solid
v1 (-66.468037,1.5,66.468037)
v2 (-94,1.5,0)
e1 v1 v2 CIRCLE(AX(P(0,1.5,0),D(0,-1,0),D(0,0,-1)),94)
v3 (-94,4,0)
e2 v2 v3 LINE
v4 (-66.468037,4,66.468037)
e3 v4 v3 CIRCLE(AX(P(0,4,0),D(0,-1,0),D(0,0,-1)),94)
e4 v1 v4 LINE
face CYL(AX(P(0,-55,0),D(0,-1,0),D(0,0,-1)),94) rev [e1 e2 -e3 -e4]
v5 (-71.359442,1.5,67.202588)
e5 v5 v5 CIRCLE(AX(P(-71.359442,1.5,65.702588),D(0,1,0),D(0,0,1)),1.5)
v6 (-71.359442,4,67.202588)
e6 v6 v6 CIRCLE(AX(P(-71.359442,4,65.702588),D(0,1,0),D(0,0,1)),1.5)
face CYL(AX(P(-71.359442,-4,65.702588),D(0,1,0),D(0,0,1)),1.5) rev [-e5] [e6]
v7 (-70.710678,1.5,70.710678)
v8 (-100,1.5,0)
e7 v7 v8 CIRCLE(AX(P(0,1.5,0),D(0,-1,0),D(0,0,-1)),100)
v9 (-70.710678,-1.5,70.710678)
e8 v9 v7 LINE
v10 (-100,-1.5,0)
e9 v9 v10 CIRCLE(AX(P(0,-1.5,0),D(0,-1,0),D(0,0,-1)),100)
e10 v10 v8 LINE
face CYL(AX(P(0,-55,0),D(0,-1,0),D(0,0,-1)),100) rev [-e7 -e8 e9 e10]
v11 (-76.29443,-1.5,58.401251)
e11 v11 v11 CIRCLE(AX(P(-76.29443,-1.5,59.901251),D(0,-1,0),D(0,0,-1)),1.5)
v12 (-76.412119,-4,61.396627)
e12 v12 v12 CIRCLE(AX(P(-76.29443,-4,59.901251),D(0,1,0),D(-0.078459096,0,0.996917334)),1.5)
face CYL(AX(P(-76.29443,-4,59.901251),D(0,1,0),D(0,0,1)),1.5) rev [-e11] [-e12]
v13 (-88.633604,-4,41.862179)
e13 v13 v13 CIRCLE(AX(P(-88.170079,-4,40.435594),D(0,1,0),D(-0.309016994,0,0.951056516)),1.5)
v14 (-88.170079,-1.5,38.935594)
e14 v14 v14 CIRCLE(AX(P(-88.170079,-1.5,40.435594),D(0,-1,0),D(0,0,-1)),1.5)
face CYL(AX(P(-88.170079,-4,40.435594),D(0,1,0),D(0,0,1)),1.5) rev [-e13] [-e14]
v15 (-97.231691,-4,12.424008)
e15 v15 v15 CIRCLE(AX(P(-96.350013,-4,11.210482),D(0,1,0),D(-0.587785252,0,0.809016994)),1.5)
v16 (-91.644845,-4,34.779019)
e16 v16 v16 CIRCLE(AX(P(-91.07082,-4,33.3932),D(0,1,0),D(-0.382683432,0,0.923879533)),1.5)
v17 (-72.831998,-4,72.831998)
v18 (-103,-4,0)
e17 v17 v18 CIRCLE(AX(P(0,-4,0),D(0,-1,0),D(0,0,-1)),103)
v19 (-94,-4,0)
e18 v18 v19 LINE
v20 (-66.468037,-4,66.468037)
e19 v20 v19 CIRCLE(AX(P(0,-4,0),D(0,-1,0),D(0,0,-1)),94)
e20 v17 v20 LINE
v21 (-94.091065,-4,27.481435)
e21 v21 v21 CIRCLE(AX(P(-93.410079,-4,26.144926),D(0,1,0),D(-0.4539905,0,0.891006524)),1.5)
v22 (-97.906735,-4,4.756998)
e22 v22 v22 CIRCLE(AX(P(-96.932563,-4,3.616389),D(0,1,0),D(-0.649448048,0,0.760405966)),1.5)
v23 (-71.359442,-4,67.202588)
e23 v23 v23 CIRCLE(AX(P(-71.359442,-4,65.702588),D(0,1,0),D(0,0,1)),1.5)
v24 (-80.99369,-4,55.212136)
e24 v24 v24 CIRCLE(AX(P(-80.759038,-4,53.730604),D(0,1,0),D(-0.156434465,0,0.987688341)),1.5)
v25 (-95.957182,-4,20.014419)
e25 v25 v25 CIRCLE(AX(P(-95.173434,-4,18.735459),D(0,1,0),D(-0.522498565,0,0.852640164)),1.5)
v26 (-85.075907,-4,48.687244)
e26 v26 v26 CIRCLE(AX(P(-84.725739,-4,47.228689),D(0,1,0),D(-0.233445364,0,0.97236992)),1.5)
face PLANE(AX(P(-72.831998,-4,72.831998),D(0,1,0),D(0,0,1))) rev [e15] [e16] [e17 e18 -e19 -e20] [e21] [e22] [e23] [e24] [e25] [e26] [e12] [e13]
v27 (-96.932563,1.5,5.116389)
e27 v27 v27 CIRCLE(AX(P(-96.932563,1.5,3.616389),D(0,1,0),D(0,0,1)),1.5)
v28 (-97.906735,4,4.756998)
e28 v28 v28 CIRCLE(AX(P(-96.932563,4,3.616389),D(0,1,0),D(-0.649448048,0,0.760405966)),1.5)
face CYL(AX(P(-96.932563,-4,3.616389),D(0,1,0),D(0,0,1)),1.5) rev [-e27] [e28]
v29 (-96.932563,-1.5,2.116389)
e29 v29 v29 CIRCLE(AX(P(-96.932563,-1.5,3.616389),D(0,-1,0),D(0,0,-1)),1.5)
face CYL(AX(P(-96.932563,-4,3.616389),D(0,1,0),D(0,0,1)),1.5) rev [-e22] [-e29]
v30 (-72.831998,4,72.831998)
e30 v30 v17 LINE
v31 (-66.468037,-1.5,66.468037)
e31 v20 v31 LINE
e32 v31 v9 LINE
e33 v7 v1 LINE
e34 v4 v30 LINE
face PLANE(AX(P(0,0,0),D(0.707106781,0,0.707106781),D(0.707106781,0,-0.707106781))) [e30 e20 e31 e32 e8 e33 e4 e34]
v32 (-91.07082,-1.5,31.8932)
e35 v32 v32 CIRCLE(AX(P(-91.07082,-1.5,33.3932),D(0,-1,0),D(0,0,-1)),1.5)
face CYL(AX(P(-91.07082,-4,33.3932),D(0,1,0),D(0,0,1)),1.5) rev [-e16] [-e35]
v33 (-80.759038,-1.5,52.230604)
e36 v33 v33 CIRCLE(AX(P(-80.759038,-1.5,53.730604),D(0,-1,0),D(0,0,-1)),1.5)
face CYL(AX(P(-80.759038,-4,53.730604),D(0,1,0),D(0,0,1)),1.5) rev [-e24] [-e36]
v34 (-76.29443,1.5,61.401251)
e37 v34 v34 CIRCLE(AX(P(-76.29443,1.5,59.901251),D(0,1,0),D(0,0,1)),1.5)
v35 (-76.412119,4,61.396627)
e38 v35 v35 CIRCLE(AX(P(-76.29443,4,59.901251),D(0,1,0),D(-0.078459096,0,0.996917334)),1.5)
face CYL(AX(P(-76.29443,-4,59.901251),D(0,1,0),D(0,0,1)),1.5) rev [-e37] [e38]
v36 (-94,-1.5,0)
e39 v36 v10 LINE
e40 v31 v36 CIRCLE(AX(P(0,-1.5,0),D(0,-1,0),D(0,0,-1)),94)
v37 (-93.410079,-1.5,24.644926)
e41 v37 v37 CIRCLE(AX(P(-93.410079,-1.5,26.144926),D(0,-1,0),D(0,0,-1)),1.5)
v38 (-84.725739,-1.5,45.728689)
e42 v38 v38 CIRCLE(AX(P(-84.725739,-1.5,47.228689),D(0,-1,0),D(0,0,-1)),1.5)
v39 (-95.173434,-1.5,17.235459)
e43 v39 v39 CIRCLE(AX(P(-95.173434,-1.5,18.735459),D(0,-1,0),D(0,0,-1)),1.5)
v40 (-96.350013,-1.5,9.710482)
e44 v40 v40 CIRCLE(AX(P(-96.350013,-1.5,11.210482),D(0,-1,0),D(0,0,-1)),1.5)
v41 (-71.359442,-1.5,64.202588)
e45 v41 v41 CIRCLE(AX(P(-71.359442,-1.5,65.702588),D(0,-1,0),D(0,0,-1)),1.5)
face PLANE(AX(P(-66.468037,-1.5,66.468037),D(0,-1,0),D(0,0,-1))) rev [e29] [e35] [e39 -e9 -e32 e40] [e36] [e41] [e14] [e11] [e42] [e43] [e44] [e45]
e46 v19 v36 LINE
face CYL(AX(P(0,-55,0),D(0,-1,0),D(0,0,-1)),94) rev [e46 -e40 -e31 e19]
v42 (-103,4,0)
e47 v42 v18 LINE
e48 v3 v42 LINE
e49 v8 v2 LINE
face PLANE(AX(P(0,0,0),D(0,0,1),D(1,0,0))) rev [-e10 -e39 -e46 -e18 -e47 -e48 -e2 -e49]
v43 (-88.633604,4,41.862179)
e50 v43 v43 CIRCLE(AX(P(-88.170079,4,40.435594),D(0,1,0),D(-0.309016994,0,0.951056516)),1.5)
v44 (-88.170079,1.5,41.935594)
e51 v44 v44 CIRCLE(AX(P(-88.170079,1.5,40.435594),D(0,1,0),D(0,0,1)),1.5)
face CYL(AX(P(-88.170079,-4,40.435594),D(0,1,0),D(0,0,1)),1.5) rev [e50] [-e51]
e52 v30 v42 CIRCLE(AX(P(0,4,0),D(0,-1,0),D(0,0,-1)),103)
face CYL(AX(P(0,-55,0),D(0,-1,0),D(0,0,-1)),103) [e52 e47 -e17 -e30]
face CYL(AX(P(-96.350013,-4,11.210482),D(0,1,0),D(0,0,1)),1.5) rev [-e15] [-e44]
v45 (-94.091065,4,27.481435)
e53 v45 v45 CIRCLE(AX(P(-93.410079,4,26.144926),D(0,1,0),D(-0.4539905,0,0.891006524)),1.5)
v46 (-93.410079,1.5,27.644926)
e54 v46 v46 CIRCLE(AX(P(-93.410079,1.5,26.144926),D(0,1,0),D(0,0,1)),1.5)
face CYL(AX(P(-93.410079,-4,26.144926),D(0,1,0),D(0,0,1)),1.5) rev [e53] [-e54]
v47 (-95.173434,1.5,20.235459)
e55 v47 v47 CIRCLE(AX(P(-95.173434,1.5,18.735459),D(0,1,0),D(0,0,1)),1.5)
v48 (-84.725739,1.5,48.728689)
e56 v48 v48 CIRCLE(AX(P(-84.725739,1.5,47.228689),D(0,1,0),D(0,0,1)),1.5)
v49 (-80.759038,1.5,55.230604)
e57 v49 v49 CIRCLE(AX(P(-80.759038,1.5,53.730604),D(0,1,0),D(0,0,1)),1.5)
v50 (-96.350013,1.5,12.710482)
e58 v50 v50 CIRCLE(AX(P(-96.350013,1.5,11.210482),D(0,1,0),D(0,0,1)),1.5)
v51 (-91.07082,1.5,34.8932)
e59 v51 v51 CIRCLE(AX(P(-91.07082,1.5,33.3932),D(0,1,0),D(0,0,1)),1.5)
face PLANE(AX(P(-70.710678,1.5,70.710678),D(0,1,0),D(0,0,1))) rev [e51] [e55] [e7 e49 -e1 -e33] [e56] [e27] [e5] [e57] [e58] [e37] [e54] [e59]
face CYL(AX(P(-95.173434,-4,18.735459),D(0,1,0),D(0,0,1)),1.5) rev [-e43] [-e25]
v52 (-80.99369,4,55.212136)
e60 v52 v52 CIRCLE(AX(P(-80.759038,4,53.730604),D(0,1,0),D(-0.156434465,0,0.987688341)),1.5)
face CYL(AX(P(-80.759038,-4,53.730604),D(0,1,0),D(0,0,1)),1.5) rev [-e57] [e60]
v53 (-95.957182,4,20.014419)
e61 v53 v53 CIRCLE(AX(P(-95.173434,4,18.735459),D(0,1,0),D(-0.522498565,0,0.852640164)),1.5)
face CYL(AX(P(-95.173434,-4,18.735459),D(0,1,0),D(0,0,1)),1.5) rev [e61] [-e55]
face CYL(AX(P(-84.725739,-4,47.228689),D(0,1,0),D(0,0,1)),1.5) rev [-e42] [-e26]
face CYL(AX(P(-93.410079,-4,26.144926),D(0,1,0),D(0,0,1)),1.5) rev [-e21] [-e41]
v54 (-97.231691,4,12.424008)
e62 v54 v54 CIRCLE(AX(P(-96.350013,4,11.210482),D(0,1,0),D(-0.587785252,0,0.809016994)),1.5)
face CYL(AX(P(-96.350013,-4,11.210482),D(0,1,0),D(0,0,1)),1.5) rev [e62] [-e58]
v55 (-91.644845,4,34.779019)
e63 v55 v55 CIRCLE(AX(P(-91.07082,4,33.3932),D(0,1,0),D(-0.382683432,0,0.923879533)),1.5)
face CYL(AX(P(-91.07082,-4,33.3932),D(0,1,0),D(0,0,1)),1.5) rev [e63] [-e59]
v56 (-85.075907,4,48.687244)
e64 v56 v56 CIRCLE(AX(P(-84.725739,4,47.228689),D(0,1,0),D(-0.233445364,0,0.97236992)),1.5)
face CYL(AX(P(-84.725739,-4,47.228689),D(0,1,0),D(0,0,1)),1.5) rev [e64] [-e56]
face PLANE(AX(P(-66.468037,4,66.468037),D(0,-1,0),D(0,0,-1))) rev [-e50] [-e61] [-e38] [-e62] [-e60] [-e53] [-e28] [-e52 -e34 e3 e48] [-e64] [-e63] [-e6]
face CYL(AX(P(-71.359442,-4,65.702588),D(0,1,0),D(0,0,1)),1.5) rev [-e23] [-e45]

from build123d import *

# Parameters (mm, degrees)
R_VOLUTION1_ANGLE            = 45
ESQUISSE3_R                  = 1.5
ENL_V_MAT_EXTRU_1_DEPTH      = 9
R_P_TITION_CIRCULAIRE1_COUNT = 10
R_P_TITION_CIRCULAIRE1_ANGLE = 40.5


with BuildPart() as part:
    # Esquisse2 → Révolution1 (revolve)
    with BuildSketch(Plane.XY):
        Polygon((-103, 4), (-103, -4), (-94, -4), (-94, -1.5), (-100, -1.5), (-100, 1.5), (-94, 1.5), (-94, 4), align=None)
    revolve(axis=Axis((0, -55, 0), (0, 1, 0)), revolution_arc=R_VOLUTION1_ANGLE)

    # Esquisse3 → Enlèv. mat.-Extru.1 (cut, through all)
    with BuildSketch(Plane(origin=(0, 4, 0), x_dir=(1, 0, 0), z_dir=(0, 1, 0))):
        with Locations((-71.359442001, -65.702587752)):
            Circle(ESQUISSE3_R)
    enl_v_mat_extru_1 = extrude(amount=-ENL_V_MAT_EXTRU_1_DEPTH, mode=Mode.SUBTRACT)

    # Répétition circulaire1: Enlèv. mat.-Extru.1 ×10 about axis
    r_p_tition_circulaire1_axis = Axis((0, 0, 0), (0, -1, 0))
    for i in range(1, R_P_TITION_CIRCULAIRE1_COUNT):
        add(enl_v_mat_extru_1.rotate(r_p_tition_circulaire1_axis, i * R_P_TITION_CIRCULAIRE1_ANGLE / (R_P_TITION_CIRCULAIRE1_COUNT - 1)), mode=Mode.SUBTRACT)


solid = part.part
